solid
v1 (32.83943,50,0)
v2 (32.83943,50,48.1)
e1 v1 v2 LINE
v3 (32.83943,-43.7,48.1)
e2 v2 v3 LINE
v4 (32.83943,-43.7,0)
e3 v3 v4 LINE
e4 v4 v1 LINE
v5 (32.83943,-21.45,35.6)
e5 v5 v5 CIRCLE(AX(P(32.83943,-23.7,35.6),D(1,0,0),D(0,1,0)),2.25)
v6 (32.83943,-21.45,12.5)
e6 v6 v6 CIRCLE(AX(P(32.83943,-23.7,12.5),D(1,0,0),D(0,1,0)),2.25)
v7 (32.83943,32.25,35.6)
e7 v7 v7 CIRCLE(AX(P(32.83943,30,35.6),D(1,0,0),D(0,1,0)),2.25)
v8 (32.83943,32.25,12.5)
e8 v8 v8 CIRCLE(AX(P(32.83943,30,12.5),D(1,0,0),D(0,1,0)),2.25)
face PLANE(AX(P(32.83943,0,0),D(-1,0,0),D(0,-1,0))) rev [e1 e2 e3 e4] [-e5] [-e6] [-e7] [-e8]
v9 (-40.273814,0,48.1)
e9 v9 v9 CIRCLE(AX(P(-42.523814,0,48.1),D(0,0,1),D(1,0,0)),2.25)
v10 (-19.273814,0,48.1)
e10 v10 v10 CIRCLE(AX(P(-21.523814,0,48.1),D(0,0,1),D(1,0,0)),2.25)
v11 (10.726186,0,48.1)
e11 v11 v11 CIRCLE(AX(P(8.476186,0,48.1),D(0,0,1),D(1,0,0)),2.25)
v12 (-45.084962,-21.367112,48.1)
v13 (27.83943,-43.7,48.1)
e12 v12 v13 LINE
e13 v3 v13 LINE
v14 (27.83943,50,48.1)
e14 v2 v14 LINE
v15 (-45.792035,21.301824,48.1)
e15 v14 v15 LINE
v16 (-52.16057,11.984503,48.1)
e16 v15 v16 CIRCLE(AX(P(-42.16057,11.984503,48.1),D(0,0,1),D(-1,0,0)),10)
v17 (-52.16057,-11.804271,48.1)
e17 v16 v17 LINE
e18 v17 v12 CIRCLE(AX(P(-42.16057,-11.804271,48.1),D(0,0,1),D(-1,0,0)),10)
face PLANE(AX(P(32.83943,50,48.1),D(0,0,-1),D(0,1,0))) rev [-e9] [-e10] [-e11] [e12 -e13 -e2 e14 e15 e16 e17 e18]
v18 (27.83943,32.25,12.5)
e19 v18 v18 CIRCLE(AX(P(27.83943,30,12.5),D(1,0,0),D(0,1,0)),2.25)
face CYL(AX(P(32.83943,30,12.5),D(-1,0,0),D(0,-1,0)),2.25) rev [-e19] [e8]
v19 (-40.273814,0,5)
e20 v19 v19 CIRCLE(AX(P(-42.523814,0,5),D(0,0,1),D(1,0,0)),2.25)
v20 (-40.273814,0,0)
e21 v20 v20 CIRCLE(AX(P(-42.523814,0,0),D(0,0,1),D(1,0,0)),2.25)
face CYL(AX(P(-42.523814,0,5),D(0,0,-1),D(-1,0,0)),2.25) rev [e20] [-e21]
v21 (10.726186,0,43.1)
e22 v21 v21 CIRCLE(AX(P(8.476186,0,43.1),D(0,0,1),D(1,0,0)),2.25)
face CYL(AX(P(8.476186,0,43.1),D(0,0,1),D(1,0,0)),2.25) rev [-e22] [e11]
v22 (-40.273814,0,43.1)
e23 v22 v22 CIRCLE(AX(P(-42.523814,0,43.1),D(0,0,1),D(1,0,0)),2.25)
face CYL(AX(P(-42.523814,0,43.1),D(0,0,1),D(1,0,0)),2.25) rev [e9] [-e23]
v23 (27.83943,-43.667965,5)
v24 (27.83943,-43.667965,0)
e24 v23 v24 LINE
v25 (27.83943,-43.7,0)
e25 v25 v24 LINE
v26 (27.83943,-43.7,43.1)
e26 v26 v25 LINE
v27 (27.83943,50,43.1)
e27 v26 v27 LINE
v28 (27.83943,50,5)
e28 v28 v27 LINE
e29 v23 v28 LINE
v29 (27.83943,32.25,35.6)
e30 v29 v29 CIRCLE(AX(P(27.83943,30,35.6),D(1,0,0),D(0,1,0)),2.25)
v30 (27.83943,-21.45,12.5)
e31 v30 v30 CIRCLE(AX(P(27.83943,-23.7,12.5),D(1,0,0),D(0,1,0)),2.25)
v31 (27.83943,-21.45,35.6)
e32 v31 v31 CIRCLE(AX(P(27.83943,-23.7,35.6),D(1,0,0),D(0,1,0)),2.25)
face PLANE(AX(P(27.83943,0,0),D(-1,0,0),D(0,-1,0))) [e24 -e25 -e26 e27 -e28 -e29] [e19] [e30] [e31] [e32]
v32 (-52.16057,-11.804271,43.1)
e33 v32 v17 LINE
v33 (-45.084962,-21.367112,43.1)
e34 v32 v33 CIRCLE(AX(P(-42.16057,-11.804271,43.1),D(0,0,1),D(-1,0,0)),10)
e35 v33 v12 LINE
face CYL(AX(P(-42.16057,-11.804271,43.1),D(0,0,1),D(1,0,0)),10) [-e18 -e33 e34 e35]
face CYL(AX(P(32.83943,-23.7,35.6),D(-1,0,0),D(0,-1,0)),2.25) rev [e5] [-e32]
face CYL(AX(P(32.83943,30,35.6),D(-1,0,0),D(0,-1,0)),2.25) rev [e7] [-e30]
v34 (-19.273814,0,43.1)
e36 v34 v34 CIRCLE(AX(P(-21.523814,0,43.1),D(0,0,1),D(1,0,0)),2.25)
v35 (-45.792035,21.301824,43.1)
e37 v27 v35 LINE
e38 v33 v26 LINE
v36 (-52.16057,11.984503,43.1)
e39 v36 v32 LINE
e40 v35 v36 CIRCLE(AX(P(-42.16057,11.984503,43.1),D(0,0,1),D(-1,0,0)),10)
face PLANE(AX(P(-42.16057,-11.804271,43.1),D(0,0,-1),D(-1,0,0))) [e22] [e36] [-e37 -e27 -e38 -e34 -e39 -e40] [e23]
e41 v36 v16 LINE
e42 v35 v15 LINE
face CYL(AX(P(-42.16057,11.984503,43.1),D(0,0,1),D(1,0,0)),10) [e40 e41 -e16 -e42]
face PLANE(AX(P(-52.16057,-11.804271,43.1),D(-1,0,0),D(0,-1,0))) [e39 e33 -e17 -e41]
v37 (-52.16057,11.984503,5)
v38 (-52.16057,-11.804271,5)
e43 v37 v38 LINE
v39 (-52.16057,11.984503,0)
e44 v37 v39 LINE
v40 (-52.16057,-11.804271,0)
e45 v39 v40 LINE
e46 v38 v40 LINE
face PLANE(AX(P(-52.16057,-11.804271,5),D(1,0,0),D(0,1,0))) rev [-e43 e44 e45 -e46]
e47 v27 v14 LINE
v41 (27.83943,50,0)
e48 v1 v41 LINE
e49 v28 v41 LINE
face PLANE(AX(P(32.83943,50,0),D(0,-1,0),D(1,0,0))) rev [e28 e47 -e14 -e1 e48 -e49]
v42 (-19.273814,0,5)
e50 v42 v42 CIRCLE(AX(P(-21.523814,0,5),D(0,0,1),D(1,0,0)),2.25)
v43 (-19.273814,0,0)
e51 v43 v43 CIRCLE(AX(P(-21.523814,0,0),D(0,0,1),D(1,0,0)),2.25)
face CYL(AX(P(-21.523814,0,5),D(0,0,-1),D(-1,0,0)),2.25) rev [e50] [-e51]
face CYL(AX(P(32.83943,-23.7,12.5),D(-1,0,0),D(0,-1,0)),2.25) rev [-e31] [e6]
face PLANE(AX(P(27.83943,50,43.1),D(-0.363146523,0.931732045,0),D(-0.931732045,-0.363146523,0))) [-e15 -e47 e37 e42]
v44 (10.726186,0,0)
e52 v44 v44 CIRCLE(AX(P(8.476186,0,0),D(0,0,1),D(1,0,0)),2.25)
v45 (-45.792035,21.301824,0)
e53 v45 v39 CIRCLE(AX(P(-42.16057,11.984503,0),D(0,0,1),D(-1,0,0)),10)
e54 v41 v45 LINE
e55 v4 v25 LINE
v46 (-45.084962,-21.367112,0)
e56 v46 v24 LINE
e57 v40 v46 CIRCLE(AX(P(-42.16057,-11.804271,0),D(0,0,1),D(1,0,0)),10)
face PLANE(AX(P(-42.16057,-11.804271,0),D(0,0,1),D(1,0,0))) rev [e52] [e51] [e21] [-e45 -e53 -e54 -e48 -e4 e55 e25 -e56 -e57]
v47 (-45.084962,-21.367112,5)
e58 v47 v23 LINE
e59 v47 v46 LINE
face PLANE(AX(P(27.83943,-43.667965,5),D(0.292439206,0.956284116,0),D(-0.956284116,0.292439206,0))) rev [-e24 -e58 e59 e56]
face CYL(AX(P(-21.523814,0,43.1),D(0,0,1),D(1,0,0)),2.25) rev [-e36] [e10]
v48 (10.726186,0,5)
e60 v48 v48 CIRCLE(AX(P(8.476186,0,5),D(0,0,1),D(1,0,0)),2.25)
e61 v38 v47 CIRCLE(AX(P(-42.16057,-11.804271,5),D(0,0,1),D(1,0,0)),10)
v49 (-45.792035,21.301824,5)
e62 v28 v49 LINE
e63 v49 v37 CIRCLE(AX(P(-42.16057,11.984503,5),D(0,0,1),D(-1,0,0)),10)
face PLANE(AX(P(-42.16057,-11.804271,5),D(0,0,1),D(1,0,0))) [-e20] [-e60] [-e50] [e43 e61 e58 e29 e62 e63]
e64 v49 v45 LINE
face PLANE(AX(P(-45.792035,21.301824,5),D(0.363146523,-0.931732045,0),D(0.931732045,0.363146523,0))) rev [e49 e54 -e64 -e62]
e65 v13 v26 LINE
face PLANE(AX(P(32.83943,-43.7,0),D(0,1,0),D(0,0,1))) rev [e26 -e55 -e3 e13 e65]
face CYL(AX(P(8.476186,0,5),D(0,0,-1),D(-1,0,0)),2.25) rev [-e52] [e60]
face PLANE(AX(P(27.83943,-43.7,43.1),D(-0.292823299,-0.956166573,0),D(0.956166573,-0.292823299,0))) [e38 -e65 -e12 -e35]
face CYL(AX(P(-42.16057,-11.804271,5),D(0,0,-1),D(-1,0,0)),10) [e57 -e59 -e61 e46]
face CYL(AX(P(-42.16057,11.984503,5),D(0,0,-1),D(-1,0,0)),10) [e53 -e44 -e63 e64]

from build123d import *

# Parameters (mm, degrees)
SKETCH1_R           = 2.25
BOSS_EXTRUDE1_DEPTH = 5
SKETCH2_W           = 48.1
SKETCH2_H           = 93.7
SKETCH2_R           = 2.25
BOSS_EXTRUDE2_DEPTH = 5
BOSS_EXTRUDE3_START = -5
SKETCH3_R           = 2.25
BOSS_EXTRUDE3_DEPTH = 5


with BuildPart() as part:
    # Sketch1 → Boss-Extrude1 (new body)
    with BuildSketch(Plane.XY):
        with BuildLine():
            Line((-52.1605695, -11.804270746), (-52.1605695, 11.984503151))
            ThreePointArc((-52.1605695, 11.984503151), (-50.416314539, 17.627434468), (-45.792034729, 21.301823597))
            Line((-45.792034729, 21.301823597), (27.8394305, 50))
            Line((27.8394305, 50), (27.8394305, -43.667964744))
            Line((27.8394305, -43.667964744), (-45.084961564, -21.367111906))
            ThreePointArc((-45.084961564, -21.367111906), (-50.199348034, -17.752214901), (-52.1605695, -11.804270746))
        make_face()
        with Locations((-42.523814383, 0)):
            Circle(SKETCH1_R, mode=Mode.SUBTRACT)
        with Locations((-21.523814383, 0)):
            Circle(SKETCH1_R, mode=Mode.SUBTRACT)
        with Locations((8.476185617, 0)):
            Circle(SKETCH1_R, mode=Mode.SUBTRACT)
    extrude(amount=BOSS_EXTRUDE1_DEPTH)

    # Sketch2 → Boss-Extrude2 (add)
    with BuildSketch(Plane(origin=(27.8394305, 0, 0), x_dir=(0, 0, -1), z_dir=(1, 0, 0))):
        with Locations((-24.05, 3.15)):
            Rectangle(SKETCH2_W, SKETCH2_H)
        with Locations(Location((-35.6, 30, 0), (0, 0, 90))):
            Circle(SKETCH2_R, mode=Mode.SUBTRACT)
        with Locations(Location((-12.5, 30, 0), (0, 0, 90))):
            Circle(SKETCH2_R, mode=Mode.SUBTRACT)
        with Locations(Location((-35.6, -23.7, 0), (0, 0, 90))):
            Circle(SKETCH2_R, mode=Mode.SUBTRACT)
        with Locations(Location((-12.5, -23.7, 0), (0, 0, 90))):
            Circle(SKETCH2_R, mode=Mode.SUBTRACT)
    extrude(amount=BOSS_EXTRUDE2_DEPTH)

    # Sketch3 → Boss-Extrude3 (add)
    with BuildSketch(Plane.XY.offset(48.1).offset(BOSS_EXTRUDE3_START)):
        with BuildLine():
            Line((27.8394305, 50), (-45.792034729, 21.301823597))
            ThreePointArc((-45.792034729, 21.301823597), (-50.416314539, 17.627434468), (-52.1605695, 11.984503151))
            Line((-52.1605695, 11.984503151), (-52.1605695, -11.804270746))
            ThreePointArc((-52.1605695, -11.804270746), (-50.199348034, -17.752214901), (-45.084961564, -21.367111906))
            Line((-45.084961564, -21.367111906), (27.8394305, -43.7))
            Line((27.8394305, -43.7), (27.8394305, 50))
        make_face()
        with Locations((-21.523814383, 0)):
            Circle(SKETCH3_R, mode=Mode.SUBTRACT)
        with Locations((-42.523814383, 0)):
            Circle(SKETCH3_R, mode=Mode.SUBTRACT)
        with Locations((8.476185617, 0)):
            Circle(SKETCH3_R, mode=Mode.SUBTRACT)
    extrude(amount=BOSS_EXTRUDE3_DEPTH)


solid = part.part
